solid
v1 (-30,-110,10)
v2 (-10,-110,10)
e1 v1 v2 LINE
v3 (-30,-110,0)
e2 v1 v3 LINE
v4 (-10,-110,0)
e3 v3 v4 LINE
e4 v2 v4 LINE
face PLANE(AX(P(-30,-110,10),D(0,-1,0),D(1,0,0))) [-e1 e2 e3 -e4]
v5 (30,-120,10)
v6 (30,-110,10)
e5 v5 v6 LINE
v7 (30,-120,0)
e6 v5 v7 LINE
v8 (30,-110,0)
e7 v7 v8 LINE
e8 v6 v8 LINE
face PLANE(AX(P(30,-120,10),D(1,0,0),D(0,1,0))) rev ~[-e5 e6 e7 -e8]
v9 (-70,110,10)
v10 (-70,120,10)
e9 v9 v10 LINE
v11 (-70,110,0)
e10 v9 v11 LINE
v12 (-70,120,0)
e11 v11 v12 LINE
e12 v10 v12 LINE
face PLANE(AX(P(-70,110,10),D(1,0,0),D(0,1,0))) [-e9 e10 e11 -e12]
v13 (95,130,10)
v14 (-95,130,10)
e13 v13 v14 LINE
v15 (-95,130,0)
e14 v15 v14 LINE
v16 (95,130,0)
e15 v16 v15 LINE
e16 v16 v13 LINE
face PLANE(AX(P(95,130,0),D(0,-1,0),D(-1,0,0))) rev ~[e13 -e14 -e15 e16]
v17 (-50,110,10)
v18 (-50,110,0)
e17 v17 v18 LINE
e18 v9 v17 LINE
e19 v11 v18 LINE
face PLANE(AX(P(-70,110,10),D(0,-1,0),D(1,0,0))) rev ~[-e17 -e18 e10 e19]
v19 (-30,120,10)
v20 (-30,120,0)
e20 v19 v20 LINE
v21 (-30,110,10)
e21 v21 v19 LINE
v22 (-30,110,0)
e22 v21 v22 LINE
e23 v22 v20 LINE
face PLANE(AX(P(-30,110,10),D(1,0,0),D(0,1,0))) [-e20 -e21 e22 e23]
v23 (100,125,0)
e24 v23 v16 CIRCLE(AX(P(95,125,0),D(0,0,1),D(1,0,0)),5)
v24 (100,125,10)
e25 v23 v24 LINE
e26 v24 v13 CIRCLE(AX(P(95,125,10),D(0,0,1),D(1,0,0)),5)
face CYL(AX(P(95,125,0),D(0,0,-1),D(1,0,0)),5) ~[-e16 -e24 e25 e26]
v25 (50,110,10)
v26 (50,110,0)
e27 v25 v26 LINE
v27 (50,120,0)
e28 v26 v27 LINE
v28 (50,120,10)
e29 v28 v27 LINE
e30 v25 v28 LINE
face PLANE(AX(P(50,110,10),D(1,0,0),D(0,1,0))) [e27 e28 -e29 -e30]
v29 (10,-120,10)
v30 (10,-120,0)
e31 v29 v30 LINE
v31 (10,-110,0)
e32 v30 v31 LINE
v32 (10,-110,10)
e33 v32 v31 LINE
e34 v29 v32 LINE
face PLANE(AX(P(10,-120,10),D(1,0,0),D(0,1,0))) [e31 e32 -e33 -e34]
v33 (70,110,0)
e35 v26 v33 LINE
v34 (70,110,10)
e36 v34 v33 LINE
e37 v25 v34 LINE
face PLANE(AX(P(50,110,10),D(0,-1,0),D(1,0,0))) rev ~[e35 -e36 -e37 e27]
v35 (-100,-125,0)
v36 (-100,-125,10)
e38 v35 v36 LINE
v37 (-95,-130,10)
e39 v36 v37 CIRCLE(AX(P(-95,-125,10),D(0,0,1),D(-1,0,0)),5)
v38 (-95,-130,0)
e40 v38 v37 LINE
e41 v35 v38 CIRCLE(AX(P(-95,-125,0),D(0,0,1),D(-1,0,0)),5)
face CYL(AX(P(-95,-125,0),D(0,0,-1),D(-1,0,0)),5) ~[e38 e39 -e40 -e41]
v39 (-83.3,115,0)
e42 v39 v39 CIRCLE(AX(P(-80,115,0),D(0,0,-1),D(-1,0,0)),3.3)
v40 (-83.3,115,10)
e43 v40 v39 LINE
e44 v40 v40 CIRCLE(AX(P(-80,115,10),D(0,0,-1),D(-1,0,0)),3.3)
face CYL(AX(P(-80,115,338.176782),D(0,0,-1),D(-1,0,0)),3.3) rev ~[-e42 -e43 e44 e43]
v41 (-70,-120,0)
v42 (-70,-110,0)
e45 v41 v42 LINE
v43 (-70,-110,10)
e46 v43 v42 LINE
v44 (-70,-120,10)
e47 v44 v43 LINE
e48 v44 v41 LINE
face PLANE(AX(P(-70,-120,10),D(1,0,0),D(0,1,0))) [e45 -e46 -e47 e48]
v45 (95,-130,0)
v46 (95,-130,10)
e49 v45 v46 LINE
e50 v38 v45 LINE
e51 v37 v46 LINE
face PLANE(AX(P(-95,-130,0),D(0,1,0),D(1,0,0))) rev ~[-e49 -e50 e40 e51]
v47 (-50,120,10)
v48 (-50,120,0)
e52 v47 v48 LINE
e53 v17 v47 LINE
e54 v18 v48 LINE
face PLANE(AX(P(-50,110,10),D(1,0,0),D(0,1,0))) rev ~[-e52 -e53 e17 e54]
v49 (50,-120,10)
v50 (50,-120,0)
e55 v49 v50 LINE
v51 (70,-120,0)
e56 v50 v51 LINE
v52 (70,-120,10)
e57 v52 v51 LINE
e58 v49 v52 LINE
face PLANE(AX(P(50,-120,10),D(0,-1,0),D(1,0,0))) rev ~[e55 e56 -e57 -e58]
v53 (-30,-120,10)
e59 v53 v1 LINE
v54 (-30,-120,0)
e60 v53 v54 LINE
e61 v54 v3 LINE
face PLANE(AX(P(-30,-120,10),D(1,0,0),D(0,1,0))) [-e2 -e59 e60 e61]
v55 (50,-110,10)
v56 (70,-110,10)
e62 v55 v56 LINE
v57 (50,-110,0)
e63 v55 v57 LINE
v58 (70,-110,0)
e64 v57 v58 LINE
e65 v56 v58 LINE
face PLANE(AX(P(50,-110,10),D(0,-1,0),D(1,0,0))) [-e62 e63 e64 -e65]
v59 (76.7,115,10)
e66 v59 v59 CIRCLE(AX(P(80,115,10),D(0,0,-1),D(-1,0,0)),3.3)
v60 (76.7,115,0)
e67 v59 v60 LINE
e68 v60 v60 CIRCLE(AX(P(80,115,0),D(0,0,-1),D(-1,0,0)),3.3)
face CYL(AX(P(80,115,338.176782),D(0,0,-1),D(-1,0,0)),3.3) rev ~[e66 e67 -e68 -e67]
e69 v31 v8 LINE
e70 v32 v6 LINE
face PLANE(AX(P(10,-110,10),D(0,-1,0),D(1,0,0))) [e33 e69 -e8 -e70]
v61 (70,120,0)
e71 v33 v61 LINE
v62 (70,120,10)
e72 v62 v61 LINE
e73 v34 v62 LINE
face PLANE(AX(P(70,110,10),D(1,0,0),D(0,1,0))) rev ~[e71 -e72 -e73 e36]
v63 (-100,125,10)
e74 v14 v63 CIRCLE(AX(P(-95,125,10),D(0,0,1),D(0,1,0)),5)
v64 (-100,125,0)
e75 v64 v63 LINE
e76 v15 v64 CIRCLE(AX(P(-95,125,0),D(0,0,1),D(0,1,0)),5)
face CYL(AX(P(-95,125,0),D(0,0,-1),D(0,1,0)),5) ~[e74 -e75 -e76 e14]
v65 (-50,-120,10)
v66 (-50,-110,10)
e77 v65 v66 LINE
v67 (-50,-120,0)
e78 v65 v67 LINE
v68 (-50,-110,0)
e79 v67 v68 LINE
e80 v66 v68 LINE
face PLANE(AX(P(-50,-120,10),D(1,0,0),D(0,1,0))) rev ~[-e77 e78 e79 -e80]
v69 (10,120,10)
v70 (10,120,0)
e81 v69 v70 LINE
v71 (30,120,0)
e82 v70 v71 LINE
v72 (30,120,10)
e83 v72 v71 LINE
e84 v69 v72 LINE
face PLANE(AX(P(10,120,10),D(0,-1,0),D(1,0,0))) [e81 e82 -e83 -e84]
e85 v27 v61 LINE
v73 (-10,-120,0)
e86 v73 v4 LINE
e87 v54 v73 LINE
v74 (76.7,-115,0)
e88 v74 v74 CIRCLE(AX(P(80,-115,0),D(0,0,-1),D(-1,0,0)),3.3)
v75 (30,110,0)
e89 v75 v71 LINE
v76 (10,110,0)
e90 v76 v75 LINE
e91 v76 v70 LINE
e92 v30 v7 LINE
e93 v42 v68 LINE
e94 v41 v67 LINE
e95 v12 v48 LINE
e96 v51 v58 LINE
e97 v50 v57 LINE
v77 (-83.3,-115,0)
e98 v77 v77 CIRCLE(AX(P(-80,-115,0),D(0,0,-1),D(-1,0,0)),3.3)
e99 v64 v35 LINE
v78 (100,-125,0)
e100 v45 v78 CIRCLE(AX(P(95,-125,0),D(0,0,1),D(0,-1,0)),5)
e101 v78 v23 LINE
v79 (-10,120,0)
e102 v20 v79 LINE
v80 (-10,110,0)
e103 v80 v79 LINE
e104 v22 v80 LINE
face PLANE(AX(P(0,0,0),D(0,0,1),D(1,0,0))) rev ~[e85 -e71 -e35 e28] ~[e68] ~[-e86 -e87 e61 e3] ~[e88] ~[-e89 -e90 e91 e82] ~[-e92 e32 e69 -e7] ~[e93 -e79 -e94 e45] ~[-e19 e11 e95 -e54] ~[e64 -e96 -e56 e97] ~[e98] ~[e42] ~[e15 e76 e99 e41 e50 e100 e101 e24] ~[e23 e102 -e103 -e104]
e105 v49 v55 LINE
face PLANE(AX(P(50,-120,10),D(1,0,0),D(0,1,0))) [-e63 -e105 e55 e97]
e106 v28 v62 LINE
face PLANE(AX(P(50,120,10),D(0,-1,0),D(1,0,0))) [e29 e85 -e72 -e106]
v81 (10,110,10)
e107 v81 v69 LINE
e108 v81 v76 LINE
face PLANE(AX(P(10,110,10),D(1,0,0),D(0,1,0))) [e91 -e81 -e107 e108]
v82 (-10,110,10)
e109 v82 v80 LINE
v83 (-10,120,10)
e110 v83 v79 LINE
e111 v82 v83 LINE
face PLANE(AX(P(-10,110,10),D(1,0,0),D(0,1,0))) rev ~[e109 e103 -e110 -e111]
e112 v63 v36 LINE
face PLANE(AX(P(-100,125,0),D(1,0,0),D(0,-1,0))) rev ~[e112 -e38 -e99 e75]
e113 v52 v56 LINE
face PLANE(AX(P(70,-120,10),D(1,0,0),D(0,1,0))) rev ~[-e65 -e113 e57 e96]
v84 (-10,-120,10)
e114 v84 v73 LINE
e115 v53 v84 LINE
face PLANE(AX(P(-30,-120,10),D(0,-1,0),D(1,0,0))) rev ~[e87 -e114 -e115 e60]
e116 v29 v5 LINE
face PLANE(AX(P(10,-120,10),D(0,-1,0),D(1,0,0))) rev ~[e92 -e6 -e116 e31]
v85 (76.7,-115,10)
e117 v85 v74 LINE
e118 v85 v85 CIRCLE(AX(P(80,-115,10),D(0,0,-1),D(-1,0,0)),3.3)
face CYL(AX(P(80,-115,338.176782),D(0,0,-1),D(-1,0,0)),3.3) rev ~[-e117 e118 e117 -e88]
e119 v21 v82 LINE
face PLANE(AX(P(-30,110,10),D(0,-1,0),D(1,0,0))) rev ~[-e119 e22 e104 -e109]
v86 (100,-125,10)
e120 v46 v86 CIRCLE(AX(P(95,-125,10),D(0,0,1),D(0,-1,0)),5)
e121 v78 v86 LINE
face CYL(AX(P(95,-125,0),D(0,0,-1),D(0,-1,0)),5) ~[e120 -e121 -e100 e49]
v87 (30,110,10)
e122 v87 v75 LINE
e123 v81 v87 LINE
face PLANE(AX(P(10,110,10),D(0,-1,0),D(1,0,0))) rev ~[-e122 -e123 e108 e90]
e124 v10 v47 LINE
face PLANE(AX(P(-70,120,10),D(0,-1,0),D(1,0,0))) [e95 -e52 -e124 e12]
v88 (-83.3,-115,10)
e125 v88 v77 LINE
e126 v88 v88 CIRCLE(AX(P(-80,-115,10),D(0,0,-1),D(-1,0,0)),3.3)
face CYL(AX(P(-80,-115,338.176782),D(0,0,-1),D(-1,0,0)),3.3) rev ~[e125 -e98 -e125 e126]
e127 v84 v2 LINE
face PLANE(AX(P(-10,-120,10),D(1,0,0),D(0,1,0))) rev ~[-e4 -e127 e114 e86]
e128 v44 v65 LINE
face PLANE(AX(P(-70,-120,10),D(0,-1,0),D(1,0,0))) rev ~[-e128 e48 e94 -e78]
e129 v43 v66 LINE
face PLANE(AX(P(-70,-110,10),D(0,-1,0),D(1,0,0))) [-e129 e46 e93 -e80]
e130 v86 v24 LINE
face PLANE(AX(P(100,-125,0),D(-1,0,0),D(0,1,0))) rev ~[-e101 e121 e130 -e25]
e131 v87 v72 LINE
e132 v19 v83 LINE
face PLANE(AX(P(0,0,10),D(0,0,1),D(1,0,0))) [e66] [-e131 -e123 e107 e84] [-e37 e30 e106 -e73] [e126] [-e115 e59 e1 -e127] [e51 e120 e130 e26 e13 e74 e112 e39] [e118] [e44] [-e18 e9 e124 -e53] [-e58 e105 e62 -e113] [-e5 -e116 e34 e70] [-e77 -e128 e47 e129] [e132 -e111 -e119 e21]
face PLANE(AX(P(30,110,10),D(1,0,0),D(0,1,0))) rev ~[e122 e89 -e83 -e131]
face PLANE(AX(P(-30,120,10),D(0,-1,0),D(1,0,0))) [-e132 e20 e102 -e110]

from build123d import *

# Parameters (mm, degrees)
F1_DEPTH = 10
F2_W     = 20
F2_H     = 10
F3_DEPTH = 10
F5_D     = 6.6


with BuildPart() as f1:
    # F0 (on Top) → F1 (new body)
    with BuildSketch(Plane.XY):
        with BuildLine():
            ThreePointArc((100, 125), (98.5355339059, 128.5355339059), (95, 130))
            Line((95, 130), (-95, 130))
            ThreePointArc((-95, 130), (-98.5355339059, 128.5355339059), (-100, 125))
            Line((-100, 125), (-100, -125))
            ThreePointArc((-100, -125), (-98.5355339059, -128.5355339059), (-95, -130))
            Line((-95, -130), (95, -130))
            ThreePointArc((95, -130), (98.5355339059, -128.5355339059), (100, -125))
            Line((100, -125), (100, 125))
        make_face()
    extrude(amount=F1_DEPTH)

    # F2 (on face) → F3 (cut, through all)
    with BuildSketch(Plane.XY.offset(10)):
        with Locations((-60, -115)):
            Rectangle(F2_W, F2_H)
        with Locations((-20, -115)):
            Rectangle(F2_W, F2_H)
        with Locations((20, -115)):
            Rectangle(F2_W, F2_H)
        with Locations((60, -115)):
            Rectangle(F2_W, F2_H)
        with Locations((60, 115)):
            Rectangle(F2_W, F2_H)
        with Locations((-60, 115)):
            Rectangle(F2_W, F2_H)
        with Locations((20, 115)):
            Rectangle(F2_W, F2_H)
        with Locations((-20, 115)):
            Rectangle(F2_W, F2_H)
    extrude(amount=-F3_DEPTH, mode=Mode.SUBTRACT)

    # F5 (through all)
    with Locations(Plane.XY.offset(10)):
        with Locations((-80, 115), (80, 115), (80, -115), (-80, -115)):
            Hole(F5_D / 2)


solid = f1.part
